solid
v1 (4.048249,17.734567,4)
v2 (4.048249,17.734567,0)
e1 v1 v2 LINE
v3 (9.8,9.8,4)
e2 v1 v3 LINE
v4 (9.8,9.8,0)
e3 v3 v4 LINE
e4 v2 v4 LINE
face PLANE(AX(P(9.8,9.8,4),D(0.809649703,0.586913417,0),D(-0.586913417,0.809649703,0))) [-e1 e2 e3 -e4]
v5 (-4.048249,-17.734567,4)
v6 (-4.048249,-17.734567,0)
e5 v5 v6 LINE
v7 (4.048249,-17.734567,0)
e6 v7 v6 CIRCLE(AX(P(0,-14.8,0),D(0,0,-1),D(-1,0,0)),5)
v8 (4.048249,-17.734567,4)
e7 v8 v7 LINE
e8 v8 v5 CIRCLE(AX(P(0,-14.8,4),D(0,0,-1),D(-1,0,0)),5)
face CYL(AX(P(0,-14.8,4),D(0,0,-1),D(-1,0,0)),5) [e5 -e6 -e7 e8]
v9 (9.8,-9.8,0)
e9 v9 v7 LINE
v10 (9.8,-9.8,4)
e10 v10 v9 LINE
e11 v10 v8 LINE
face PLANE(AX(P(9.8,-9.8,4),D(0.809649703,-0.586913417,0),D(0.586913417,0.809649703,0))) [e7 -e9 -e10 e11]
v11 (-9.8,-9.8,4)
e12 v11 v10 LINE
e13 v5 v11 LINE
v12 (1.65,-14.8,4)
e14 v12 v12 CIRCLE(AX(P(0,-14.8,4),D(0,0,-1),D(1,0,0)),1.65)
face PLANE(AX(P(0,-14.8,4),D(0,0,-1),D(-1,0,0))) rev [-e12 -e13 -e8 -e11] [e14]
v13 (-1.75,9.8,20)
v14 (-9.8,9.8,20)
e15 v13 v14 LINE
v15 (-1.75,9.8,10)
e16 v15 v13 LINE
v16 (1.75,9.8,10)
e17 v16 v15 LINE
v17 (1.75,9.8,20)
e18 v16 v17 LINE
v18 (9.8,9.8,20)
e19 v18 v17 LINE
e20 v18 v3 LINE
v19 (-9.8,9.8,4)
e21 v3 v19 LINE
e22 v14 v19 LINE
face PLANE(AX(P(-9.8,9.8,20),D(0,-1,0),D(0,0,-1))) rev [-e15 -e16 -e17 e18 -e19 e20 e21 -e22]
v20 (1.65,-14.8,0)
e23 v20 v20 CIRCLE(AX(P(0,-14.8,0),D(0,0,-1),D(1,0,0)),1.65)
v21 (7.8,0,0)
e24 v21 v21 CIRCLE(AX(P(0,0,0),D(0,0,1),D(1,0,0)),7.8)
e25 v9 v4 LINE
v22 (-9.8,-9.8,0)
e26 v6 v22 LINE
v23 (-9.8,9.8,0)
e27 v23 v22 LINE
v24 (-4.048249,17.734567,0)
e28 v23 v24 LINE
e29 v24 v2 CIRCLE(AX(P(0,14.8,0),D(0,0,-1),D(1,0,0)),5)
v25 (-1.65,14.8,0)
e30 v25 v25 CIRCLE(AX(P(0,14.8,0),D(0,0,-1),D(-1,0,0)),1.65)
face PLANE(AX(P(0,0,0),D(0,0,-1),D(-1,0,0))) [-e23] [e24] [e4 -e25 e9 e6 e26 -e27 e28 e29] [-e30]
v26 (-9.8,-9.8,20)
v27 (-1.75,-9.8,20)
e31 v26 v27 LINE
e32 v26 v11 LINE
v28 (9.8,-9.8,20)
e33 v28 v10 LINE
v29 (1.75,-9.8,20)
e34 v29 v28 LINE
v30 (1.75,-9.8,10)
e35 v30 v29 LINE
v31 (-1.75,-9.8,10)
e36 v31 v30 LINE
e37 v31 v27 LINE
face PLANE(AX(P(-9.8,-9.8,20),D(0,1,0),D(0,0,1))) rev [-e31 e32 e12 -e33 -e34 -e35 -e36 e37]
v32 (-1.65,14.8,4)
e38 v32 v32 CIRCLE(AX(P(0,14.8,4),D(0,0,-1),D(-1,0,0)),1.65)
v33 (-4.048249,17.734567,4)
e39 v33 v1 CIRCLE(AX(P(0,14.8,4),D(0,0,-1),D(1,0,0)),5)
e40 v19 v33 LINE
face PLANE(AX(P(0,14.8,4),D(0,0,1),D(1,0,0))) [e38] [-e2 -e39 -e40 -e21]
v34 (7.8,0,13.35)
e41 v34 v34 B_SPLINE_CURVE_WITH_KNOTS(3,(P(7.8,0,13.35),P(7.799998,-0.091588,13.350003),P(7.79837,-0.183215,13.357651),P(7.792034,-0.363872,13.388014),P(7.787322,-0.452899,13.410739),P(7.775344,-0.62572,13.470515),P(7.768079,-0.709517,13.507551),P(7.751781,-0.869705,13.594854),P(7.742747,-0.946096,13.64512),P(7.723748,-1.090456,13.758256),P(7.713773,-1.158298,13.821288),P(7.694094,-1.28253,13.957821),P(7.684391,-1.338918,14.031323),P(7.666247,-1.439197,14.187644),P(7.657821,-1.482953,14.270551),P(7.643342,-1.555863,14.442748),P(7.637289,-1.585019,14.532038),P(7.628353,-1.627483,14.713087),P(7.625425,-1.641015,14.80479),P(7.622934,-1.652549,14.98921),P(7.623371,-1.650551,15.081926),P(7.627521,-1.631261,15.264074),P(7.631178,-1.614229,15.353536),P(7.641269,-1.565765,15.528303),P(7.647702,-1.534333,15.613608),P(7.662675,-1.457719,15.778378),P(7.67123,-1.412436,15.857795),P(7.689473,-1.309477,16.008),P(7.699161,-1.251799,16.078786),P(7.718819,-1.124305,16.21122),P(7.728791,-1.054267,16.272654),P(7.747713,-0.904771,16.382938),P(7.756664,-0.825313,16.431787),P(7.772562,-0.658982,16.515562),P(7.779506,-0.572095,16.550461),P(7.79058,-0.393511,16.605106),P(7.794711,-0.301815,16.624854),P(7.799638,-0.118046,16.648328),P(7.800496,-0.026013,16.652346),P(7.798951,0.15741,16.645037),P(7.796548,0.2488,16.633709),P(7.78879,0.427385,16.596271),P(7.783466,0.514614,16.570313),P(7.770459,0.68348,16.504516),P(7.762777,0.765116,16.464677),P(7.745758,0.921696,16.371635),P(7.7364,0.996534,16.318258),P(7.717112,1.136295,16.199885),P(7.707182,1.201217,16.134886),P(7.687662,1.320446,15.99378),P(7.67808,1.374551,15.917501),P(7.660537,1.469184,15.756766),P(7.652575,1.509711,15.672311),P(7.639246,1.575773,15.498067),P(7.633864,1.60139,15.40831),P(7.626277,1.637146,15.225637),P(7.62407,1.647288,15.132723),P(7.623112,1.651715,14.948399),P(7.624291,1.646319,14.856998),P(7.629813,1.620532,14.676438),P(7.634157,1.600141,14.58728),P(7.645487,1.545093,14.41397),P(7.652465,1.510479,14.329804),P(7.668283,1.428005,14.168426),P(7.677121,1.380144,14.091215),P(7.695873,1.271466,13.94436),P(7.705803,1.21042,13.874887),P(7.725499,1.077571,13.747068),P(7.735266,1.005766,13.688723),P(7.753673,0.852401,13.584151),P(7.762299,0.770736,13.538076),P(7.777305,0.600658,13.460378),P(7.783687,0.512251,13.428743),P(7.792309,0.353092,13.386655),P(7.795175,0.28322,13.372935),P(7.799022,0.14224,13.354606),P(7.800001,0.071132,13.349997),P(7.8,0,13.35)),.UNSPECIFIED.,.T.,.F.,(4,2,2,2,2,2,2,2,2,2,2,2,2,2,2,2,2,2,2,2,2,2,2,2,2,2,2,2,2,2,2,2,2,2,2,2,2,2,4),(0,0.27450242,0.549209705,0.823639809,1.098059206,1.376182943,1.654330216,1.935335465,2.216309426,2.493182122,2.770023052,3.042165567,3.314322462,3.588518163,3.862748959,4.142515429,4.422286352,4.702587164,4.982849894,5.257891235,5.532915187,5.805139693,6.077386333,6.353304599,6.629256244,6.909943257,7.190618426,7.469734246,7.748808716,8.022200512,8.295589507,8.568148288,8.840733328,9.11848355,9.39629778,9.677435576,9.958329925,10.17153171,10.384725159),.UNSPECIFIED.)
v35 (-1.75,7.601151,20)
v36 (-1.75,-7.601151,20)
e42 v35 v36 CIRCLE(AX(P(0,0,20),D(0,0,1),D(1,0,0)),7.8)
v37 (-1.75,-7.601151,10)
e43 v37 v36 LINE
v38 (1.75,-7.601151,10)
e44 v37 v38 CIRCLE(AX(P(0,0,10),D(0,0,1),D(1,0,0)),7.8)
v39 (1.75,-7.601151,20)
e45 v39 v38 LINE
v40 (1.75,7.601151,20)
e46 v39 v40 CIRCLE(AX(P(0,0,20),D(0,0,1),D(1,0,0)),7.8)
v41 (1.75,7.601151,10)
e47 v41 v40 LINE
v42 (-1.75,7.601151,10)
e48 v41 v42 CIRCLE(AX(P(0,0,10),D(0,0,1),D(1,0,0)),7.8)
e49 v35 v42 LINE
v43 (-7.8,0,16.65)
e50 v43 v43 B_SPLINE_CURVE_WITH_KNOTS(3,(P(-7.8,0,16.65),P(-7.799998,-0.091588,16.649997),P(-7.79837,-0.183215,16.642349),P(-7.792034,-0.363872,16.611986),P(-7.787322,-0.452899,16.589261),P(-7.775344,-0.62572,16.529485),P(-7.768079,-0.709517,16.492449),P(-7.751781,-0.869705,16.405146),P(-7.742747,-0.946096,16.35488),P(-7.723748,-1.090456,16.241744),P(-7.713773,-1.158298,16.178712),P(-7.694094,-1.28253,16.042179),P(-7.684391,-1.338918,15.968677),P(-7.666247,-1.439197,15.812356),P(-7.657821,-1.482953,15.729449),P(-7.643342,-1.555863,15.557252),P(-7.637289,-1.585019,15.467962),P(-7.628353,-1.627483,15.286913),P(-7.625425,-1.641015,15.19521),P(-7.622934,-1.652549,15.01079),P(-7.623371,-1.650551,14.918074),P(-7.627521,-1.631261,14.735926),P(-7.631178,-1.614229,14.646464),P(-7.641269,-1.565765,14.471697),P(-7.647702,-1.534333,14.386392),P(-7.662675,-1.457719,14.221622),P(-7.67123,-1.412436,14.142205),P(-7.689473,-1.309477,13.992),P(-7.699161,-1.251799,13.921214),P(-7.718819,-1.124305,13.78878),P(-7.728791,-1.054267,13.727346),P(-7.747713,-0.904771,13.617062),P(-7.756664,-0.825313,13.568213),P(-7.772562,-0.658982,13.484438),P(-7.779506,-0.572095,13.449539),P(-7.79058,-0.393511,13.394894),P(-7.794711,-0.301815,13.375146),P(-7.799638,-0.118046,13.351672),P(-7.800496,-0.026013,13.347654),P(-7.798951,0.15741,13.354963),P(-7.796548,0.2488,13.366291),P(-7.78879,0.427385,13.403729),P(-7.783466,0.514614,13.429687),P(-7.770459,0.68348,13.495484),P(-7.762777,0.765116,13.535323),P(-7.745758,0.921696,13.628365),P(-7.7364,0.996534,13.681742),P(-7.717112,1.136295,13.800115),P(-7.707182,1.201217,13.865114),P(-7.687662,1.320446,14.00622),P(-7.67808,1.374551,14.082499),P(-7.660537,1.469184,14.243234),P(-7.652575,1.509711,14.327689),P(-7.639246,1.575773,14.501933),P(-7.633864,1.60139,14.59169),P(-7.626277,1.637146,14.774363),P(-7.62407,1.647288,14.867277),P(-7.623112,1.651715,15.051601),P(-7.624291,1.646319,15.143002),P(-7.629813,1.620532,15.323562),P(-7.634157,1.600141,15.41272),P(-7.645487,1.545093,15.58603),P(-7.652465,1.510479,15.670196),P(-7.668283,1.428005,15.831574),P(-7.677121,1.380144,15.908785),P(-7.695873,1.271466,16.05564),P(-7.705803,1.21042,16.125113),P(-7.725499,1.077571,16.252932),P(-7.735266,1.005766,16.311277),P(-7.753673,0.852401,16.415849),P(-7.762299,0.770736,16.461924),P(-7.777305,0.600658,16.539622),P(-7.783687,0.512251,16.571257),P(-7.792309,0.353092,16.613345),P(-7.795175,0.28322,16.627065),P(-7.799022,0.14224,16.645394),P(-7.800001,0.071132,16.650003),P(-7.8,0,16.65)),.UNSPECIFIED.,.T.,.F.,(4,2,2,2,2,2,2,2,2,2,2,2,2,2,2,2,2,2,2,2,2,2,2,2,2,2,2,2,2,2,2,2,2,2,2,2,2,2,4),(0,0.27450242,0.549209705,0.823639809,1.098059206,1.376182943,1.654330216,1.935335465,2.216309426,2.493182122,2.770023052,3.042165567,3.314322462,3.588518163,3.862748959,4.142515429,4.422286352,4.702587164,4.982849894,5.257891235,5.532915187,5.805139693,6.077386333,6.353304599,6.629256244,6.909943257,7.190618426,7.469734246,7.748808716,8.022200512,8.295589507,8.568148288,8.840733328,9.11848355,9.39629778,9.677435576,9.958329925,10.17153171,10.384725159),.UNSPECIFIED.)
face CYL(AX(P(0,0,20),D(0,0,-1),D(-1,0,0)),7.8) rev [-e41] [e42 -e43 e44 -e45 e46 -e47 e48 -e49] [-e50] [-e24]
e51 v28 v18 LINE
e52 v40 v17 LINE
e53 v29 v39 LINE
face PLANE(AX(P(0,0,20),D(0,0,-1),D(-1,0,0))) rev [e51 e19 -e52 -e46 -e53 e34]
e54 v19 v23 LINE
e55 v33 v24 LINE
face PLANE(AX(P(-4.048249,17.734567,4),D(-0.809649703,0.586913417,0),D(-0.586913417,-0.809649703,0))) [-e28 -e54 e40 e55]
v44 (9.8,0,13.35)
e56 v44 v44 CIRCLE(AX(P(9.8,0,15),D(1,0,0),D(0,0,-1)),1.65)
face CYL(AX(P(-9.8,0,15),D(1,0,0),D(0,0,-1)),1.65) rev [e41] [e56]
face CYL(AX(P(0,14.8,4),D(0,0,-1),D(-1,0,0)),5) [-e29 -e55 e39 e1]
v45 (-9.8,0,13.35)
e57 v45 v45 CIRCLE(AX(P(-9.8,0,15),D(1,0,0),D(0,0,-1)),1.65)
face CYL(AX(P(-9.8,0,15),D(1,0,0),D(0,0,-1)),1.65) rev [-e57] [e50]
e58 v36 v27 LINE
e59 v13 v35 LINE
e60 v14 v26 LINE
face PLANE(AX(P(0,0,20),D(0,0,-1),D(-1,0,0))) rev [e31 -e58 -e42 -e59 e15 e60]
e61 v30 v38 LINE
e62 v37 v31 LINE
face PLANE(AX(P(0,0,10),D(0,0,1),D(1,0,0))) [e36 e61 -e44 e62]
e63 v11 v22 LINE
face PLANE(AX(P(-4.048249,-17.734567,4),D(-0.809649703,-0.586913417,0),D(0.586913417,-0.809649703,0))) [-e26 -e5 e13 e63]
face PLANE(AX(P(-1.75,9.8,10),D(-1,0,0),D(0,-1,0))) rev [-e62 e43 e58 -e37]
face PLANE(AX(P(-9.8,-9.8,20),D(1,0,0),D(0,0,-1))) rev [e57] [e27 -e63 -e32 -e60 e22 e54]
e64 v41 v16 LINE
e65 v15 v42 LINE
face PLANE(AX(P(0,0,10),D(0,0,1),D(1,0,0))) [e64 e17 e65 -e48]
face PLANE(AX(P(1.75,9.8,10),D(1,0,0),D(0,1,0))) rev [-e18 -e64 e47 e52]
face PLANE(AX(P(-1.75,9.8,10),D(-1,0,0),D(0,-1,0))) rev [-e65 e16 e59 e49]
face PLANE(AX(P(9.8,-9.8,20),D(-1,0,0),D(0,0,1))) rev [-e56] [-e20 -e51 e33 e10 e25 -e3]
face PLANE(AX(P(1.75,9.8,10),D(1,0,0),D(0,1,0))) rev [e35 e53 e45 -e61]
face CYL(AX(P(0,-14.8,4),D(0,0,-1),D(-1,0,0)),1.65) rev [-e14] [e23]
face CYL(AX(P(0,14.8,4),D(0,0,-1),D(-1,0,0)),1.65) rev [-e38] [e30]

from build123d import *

# Parameters (mm, degrees)
SKETCH_1_W          = 19.6
SKETCH_1_H          = 19.6
SKETCH_1_R          = 7.8
EXTRUDE_1_DEPTH     = 20
SKETCH_2_R          = 1.65
EXTRUDE_2_DEPTH     = 4
SKETCH_3_R          = 1.65
CUT_EXTRUDE_1_DEPTH = 35.295772334
SKETCH_4_W          = 3.5
SKETCH_4_H          = 19.6
CUT_EXTRUDE_2_DEPTH = 10


with BuildPart() as part:
    # 草图1 → 凸台-拉伸1 (new body)
    with BuildSketch(Plane.XY):
        Rectangle(SKETCH_1_W, SKETCH_1_H)
        Circle(SKETCH_1_R, mode=Mode.SUBTRACT)
    extrude(amount=EXTRUDE_1_DEPTH)

    # 草图2 → 凸台-拉伸2 (add)
    # profile 1 of 2: a face of its own
    with BuildSketch(Plane(origin=(0, 0, 0), x_dir=(-1, 0, 0), z_dir=(0, 0, -1))):
        with BuildLine():
            Line((-9.8, 9.8), (-4.048248513, 17.734567085))
            ThreePointArc((-4.048248513, 17.734567085), (0, 19.8), (4.048248513, 17.734567085))
            Line((4.048248513, 17.734567085), (9.8, 9.8))
            Line((9.8, 9.8), (-9.8, 9.8))
        make_face()
        with Locations((0, 14.8)):
            Circle(SKETCH_2_R, mode=Mode.SUBTRACT)
    # profile 2 of 2: a face of its own
    with BuildSketch(Plane(origin=(0, 0, 0), x_dir=(-1, 0, 0), z_dir=(0, 0, -1))):
        with BuildLine():
            Line((-9.8, -9.8), (9.8, -9.8))
            Line((9.8, -9.8), (4.048248513, -17.734567085))
            ThreePointArc((4.048248513, -17.734567085), (0, -19.8), (-4.048248513, -17.734567085))
            Line((-4.048248513, -17.734567085), (-9.8, -9.8))
        make_face()
        with Locations(Location((0, -14.8, 0), (0, 0, 180))):
            Circle(SKETCH_2_R, mode=Mode.SUBTRACT)
    extrude(amount=-EXTRUDE_2_DEPTH)

    # 草图3 → 切除-拉伸1 (cut, through all)
    with BuildSketch(Plane(origin=(9.8, 0, 0), x_dir=(0, 0, -1), z_dir=(1, 0, 0))):
        with Locations((-15, 0)):
            Circle(SKETCH_3_R)
    extrude(amount=-CUT_EXTRUDE_1_DEPTH, mode=Mode.SUBTRACT)

    # 草图4 → 切除-拉伸2 (cut)
    with BuildSketch(Plane.XY.offset(20)):
        Rectangle(SKETCH_4_W, SKETCH_4_H)
    extrude(amount=-CUT_EXTRUDE_2_DEPTH, mode=Mode.SUBTRACT)


solid = part.part
